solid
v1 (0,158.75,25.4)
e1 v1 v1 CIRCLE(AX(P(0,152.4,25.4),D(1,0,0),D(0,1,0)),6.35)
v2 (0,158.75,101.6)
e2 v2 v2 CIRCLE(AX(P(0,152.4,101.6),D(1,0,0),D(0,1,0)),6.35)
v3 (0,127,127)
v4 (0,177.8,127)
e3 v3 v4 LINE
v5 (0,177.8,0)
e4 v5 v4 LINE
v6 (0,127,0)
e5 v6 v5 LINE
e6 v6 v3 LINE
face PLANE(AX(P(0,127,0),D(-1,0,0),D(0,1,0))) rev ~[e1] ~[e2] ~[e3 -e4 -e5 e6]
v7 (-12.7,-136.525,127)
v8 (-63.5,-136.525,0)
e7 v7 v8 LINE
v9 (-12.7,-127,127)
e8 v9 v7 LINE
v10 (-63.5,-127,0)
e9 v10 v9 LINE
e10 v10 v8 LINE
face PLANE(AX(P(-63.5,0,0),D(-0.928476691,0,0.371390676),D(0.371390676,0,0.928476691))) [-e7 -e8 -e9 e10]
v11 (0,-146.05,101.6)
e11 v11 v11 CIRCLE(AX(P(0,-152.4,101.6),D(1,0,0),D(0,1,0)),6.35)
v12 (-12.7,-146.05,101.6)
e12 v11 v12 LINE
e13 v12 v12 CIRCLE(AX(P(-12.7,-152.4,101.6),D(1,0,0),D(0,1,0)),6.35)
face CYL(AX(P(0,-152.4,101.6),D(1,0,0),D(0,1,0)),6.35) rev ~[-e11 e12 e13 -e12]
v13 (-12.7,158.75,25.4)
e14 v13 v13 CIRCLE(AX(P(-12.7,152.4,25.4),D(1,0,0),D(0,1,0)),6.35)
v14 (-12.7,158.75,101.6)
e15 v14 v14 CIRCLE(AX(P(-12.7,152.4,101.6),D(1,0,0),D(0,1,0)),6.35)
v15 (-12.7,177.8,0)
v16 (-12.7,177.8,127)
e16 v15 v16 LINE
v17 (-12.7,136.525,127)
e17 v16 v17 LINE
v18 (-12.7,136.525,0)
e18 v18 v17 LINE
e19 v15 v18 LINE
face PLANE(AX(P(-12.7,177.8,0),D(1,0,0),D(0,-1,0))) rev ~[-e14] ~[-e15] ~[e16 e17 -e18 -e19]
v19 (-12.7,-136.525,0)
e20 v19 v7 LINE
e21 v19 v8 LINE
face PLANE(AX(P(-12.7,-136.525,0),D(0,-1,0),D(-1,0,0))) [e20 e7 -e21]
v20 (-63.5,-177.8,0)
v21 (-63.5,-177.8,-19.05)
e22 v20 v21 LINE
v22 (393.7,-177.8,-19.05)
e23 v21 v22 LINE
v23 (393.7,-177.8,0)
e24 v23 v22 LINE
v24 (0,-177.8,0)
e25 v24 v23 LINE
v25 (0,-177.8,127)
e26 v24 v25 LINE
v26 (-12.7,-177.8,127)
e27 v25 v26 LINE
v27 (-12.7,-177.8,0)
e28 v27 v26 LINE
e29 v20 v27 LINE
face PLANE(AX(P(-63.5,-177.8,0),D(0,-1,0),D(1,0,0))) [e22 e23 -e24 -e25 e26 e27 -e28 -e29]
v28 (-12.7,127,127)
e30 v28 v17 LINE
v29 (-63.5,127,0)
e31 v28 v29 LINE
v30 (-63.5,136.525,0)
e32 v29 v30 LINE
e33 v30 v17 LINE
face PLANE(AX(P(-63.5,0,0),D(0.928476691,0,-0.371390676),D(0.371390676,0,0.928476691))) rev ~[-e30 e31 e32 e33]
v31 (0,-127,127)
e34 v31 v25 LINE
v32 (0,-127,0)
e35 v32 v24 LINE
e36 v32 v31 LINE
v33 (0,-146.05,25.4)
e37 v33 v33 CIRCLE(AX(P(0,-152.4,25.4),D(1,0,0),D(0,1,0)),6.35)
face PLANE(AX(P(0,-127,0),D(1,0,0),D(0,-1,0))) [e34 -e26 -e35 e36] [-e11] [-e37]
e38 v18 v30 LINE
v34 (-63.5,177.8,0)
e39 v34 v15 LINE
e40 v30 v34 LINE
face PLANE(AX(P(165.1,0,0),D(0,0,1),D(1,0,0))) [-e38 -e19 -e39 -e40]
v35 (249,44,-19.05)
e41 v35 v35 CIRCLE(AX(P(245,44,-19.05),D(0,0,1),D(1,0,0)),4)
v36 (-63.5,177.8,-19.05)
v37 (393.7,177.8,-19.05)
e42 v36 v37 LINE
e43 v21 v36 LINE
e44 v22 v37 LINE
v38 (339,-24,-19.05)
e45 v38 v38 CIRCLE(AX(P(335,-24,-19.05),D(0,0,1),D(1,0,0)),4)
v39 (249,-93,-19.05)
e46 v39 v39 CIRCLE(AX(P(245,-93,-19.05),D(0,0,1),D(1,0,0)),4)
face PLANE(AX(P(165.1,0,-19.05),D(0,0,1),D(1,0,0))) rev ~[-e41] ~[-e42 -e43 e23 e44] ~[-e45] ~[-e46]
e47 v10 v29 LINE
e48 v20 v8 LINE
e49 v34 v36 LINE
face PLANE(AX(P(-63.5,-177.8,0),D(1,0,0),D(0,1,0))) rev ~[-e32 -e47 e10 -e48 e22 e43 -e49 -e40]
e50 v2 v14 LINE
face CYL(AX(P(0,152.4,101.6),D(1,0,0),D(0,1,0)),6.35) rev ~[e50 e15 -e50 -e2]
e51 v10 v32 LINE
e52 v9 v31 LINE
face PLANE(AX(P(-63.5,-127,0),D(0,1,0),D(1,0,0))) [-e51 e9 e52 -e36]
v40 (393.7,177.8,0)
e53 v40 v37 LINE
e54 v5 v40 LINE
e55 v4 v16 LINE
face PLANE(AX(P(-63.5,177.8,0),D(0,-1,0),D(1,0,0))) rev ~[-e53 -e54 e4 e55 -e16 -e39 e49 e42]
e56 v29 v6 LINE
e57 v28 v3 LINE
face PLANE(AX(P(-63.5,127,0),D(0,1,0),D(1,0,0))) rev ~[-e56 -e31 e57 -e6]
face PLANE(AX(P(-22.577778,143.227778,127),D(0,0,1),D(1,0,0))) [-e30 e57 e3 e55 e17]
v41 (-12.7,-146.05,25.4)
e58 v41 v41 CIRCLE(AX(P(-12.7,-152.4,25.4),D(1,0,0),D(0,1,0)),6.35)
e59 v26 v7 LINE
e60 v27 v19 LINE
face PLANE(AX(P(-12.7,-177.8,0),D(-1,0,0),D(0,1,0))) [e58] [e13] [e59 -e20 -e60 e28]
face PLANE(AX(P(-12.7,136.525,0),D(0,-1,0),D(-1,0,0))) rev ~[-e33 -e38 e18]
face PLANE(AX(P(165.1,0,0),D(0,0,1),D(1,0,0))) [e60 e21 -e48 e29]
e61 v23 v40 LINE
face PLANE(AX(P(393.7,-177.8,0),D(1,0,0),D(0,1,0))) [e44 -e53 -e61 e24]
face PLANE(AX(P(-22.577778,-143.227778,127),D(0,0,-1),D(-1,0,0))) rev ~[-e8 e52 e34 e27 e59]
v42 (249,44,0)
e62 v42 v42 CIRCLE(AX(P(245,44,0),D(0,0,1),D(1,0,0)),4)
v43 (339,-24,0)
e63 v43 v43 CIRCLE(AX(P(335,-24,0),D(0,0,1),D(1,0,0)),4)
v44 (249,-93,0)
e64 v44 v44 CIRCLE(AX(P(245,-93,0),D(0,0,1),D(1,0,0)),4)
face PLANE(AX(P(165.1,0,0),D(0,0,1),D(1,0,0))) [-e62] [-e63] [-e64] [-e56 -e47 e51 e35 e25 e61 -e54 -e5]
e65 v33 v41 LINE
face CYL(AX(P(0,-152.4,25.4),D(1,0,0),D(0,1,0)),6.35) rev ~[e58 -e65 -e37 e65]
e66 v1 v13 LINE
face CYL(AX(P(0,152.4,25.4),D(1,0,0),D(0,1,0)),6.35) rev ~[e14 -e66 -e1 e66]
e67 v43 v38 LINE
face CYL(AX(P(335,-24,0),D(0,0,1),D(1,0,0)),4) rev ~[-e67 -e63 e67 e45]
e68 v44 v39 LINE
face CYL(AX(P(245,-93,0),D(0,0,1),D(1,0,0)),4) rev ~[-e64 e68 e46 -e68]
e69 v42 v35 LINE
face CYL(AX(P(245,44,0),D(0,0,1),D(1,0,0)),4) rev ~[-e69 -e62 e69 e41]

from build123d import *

# Parameters (mm, degrees)
SKETCH018_W          = 457.2
SKETCH018_H          = 355.6
PAD008_DEPTH         = 19.05
PAD009_DEPTH         = 127
POCKET010_DEPTH      = 177.801
POCKET010_DEPTH_BACK = -177.801
SKETCH021_R          = 6.35
POCKET009_DEPTH      = 63.501
SKETCH095_R          = 4
POCKET_DEPTH         = 19.051
POCKET_DEPTH_BACK    = -127.001


with BuildPart() as part:
    # Sketch018 → Pad008 (new body)
    with BuildSketch(Plane.XY):
        with Locations((165.1, 0)):
            Rectangle(SKETCH018_W, SKETCH018_H)
    extrude(amount=-PAD008_DEPTH)

    # Sketch019 → Pad009 (join)
    with BuildSketch(Plane.XY):
        Polygon((0, -127), (0, -177.8), (-12.7, -177.8), (-12.7, -136.525), (-63.5, -136.525), (-63.5, -127), align=None)
        Polygon((-12.7, 136.525), (-63.5, 136.525), (-63.5, 127), (0, 127), (0, 177.8), (-12.7, 177.8), align=None)
    extrude(amount=PAD009_DEPTH)

    # Sketch020 → Pocket010 (cut, two sides)
    with BuildSketch(Plane.XZ) as pocket010_sk:
        Polygon((-63.5, 0), (-12.7, 127), (-63.5, 127), align=None)
    extrude(amount=-POCKET010_DEPTH, mode=Mode.SUBTRACT)
    extrude(pocket010_sk.sketch, amount=-POCKET010_DEPTH_BACK, mode=Mode.SUBTRACT)

    # Sketch021 → Pocket009 (cut, through all)
    with BuildSketch(Plane.YZ):
        with Locations((-152.4, 101.6)):
            Circle(SKETCH021_R)
        with Locations((-152.4, 25.4)):
            Circle(SKETCH021_R)
        with Locations((152.4, 101.6)):
            Circle(SKETCH021_R)
        with Locations((152.4, 25.4)):
            Circle(SKETCH021_R)
    extrude(amount=-POCKET009_DEPTH, mode=Mode.SUBTRACT)

    # Sketch095 → Pocket (cut, two sides)
    with BuildSketch(Plane.XY) as pocket_sk:
        with Locations((245, 44)):
            Circle(SKETCH095_R)
        with Locations((335, -24)):
            Circle(SKETCH095_R)
        with Locations((245, -93)):
            Circle(SKETCH095_R)
    extrude(amount=-POCKET_DEPTH, mode=Mode.SUBTRACT)
    extrude(pocket_sk.sketch, amount=-POCKET_DEPTH_BACK, mode=Mode.SUBTRACT)


solid = part.part
